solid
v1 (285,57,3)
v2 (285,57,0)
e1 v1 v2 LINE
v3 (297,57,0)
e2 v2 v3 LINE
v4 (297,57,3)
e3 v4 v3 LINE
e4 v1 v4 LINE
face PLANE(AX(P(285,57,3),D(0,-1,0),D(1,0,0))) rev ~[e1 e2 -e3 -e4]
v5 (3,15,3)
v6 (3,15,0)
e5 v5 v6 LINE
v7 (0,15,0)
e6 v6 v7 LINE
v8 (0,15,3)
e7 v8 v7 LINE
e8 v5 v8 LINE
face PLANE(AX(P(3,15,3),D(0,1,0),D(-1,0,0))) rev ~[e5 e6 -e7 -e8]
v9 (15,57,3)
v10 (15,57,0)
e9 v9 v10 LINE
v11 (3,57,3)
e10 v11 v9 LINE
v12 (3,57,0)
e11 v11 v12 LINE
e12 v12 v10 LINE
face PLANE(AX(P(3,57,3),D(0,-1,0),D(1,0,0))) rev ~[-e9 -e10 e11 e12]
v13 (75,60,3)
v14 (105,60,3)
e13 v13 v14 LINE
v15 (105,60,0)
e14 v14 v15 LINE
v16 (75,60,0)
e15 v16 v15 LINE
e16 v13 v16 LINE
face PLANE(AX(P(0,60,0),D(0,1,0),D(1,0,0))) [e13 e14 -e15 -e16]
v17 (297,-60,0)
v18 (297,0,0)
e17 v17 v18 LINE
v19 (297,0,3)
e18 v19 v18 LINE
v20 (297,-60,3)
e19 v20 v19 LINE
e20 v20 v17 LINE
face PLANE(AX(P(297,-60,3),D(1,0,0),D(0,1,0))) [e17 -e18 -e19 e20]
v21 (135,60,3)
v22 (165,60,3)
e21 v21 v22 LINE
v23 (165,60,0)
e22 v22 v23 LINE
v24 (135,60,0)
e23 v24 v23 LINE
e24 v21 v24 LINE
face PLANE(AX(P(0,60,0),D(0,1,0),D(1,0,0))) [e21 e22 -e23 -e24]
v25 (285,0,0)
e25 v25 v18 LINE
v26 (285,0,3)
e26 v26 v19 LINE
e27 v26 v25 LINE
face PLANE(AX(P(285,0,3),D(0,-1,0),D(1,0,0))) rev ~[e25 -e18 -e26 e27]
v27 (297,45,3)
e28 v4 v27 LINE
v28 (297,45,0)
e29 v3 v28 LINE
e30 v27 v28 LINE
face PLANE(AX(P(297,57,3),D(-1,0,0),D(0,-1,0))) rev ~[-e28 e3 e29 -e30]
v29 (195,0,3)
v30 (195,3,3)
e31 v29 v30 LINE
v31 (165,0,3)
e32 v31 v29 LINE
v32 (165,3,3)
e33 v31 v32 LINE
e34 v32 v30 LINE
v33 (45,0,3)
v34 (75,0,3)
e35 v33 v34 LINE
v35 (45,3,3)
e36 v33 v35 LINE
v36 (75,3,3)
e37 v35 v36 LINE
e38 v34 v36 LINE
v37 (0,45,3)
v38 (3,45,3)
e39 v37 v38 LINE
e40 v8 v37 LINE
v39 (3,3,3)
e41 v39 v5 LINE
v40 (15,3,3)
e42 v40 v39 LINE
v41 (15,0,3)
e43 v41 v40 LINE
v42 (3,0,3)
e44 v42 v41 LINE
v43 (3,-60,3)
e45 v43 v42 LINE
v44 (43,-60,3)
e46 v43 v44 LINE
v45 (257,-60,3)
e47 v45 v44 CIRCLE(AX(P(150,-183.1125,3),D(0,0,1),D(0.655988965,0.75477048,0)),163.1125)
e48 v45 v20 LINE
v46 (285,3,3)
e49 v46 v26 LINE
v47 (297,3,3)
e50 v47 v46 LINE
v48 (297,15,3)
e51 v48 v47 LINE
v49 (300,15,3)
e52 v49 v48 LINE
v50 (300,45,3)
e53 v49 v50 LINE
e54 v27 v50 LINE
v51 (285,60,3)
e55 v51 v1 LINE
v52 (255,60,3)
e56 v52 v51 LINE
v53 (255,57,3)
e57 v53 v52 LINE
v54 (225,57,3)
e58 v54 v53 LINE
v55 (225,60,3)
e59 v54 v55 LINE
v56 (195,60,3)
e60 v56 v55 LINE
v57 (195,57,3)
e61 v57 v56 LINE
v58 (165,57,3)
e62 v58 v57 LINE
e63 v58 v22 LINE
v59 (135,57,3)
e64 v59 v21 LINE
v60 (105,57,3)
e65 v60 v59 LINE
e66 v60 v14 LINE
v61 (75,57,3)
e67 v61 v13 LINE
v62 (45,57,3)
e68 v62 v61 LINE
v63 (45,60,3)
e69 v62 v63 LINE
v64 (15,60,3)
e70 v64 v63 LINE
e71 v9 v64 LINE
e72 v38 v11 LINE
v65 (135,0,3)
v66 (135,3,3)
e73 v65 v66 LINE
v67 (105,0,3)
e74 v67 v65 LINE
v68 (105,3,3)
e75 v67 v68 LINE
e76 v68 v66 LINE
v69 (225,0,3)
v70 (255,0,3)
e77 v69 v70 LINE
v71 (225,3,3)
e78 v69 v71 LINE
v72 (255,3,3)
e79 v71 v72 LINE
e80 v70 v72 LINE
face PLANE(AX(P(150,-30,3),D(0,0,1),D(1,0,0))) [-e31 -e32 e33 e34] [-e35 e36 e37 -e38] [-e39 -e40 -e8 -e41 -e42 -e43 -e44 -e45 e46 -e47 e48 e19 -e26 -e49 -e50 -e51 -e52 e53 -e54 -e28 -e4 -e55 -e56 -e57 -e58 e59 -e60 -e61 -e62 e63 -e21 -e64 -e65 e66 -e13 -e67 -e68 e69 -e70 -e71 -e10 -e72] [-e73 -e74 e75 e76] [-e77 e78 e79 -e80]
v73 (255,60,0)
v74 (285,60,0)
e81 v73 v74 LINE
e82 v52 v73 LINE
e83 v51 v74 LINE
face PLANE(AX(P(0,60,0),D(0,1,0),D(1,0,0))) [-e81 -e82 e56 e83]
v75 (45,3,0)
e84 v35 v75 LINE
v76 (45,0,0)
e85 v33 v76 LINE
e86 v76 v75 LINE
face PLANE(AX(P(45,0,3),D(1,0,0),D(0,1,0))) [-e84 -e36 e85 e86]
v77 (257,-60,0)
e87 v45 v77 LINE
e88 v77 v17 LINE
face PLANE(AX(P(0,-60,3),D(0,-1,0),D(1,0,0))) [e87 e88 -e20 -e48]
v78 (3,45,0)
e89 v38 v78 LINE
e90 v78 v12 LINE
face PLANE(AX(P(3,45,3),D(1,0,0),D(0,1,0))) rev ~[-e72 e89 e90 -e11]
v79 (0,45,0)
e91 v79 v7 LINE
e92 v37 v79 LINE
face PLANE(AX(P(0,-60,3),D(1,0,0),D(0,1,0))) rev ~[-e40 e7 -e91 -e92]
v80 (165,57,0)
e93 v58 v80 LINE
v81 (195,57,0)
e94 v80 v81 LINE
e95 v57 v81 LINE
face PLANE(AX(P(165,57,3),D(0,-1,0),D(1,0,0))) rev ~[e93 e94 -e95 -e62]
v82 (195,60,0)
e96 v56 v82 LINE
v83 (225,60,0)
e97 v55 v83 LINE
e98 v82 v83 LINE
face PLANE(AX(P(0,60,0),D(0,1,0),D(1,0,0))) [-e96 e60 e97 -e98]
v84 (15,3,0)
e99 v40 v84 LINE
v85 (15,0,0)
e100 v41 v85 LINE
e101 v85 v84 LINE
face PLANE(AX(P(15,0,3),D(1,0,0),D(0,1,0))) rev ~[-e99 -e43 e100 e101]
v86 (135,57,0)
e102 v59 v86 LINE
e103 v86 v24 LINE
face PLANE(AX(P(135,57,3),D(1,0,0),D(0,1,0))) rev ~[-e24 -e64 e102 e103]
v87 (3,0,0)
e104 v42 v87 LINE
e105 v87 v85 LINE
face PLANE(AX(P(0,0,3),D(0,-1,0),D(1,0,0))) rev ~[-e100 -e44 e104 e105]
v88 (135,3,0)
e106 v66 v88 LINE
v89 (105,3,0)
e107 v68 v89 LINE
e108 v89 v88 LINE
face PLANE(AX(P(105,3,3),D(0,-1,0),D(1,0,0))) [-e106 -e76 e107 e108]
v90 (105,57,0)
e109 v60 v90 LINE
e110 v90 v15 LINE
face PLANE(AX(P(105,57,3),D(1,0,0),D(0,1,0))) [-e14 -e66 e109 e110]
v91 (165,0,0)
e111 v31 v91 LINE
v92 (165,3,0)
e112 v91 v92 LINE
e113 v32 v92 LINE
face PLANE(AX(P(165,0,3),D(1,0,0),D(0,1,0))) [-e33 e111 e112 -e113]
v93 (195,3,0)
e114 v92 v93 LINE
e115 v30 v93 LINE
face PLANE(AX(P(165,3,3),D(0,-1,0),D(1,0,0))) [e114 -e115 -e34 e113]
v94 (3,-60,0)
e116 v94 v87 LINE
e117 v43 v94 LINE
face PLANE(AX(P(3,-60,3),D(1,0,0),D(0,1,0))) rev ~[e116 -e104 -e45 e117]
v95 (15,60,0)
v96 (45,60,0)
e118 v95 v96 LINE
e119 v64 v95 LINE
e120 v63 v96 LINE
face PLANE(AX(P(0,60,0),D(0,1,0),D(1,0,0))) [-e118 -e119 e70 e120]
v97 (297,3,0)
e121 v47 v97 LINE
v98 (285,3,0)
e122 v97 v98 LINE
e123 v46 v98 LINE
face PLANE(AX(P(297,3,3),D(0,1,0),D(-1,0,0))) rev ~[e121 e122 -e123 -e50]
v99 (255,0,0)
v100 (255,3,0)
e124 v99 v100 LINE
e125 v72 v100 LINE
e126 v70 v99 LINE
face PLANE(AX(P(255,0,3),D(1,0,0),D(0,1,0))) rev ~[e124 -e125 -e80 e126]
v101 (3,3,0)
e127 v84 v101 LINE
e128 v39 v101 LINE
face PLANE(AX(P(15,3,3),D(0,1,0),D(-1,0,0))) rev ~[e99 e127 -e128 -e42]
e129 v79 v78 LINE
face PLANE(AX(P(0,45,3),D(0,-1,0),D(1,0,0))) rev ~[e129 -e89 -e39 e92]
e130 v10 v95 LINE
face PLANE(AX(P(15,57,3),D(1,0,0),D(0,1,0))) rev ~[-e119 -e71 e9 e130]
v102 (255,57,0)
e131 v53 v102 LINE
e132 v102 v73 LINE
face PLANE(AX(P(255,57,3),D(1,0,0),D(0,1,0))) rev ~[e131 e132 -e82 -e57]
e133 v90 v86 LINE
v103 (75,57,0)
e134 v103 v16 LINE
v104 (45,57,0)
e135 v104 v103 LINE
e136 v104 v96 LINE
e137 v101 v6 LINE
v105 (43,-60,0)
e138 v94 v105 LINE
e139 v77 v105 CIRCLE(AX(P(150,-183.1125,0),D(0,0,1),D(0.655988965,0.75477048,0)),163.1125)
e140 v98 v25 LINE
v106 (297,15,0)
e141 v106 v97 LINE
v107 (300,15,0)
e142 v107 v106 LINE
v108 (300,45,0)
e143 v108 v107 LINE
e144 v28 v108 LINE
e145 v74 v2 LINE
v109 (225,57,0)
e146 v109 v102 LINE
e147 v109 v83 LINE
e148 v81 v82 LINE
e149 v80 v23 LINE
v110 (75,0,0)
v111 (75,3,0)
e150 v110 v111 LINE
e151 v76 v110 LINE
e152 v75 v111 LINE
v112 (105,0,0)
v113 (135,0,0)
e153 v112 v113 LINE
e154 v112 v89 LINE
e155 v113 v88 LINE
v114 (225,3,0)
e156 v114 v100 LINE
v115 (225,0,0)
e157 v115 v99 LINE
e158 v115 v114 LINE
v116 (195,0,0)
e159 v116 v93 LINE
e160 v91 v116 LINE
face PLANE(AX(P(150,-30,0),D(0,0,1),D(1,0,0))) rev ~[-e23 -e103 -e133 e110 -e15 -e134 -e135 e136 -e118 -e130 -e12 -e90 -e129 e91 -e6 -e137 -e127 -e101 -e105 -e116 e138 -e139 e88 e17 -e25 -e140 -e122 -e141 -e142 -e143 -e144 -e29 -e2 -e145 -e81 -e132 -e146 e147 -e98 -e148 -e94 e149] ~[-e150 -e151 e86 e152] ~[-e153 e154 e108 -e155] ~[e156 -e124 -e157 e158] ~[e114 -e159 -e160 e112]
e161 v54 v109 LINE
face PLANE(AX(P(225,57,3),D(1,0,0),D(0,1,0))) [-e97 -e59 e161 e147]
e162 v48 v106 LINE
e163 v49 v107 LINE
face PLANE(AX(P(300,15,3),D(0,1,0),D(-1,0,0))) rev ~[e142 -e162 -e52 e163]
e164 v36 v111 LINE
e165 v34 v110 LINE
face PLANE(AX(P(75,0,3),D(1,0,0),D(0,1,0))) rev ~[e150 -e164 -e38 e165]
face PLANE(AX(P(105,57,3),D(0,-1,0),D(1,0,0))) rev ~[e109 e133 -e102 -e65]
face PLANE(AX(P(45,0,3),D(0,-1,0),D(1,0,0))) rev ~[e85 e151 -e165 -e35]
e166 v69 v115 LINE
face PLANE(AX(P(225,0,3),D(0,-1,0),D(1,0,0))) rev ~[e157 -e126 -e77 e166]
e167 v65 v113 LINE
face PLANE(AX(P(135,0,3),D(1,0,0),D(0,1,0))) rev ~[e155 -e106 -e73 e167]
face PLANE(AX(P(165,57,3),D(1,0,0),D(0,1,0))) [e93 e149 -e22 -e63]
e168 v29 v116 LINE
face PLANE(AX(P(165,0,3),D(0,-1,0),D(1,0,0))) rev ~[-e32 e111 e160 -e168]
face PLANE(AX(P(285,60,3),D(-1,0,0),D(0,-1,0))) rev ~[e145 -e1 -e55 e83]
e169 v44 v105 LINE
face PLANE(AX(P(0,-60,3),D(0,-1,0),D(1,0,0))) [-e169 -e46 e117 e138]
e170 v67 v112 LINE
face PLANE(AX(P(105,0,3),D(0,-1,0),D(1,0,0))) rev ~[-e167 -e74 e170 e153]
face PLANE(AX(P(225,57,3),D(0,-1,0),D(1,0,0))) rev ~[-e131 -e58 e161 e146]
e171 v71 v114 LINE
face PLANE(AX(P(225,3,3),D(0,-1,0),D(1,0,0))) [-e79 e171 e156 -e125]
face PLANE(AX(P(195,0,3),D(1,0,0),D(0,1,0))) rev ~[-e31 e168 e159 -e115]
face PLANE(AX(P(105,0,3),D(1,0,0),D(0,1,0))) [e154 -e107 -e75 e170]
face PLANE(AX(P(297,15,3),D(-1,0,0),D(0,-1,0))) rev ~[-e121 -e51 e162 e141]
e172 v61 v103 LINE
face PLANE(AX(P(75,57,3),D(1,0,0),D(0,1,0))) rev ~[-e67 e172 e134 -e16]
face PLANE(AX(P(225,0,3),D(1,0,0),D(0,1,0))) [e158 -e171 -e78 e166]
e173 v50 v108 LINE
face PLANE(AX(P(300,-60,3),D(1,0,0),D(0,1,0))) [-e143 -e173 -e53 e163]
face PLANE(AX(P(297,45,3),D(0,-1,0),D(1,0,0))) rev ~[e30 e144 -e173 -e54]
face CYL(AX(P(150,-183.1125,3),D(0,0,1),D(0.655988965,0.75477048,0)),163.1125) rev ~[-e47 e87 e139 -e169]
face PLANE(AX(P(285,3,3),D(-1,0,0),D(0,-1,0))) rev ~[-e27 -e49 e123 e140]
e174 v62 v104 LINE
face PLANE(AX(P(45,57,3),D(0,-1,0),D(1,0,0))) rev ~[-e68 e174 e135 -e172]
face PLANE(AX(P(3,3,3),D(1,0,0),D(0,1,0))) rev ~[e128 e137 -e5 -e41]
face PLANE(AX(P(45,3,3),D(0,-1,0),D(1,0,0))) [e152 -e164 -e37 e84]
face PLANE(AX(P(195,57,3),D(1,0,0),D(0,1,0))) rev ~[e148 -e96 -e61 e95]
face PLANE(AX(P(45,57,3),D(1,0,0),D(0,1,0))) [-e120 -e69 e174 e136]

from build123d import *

# Parameters (mm, degrees)
SKETCH1_W           = 300
SKETCH1_H           = 60
BOSS_EXTRUDE1_DEPTH = 3
SKETCH3_W           = 300
SKETCH3_H           = 60
BOSS_EXTRUDE2_DEPTH = 3
SKETCH2_W           = 30
SKETCH2_H           = 3
CUT_EXTRUDE6_DEPTH  = 5
SKETCH4_W           = 3
SKETCH4_H           = 60
CUT_EXTRUDE7_DEPTH  = 5


with BuildPart() as part:
    # Sketch1 → Boss-Extrude1 (new body)
    with BuildSketch(Plane.XY):
        with Locations((150, 30)):
            Rectangle(SKETCH1_W, SKETCH1_H)
    extrude(amount=BOSS_EXTRUDE1_DEPTH)

    # Sketch3 → Boss-Extrude2 (add)
    with BuildSketch(Plane.XY.offset(3)):
        with Locations((150, -30)):
            Rectangle(SKETCH3_W, SKETCH3_H)
    extrude(amount=-BOSS_EXTRUDE2_DEPTH)

    # Sketch2 → Cut-Extrude6 (cut)
    with BuildSketch(Plane.XY.offset(3)):
        Polygon((15, 0), (15, 3), (3, 3), (3, 15), (0, 15), (0, 0), align=None)
        with Locations((60, 1.5)):
            Rectangle(SKETCH2_W, SKETCH2_H)
        with Locations((120, 1.5)):
            Rectangle(SKETCH2_W, SKETCH2_H)
        with Locations((180, 1.5)):
            Rectangle(SKETCH2_W, SKETCH2_H)
        with Locations((240, 1.5)):
            Rectangle(SKETCH2_W, SKETCH2_H)
        Polygon((300, 0), (300, 15), (297, 15), (297, 3), (285, 3), (285, 0), align=None)
        Polygon((300, 45), (300, 60), (285, 60), (285, 57), (297, 57), (297, 45), align=None)
        with Locations((240, 58.5)):
            Rectangle(SKETCH2_W, SKETCH2_H)
        with Locations((180, 58.5)):
            Rectangle(SKETCH2_W, SKETCH2_H)
        with Locations((120, 58.5)):
            Rectangle(SKETCH2_W, SKETCH2_H)
        with Locations((60, 58.5)):
            Rectangle(SKETCH2_W, SKETCH2_H)
        Polygon((0, 60), (0, 45), (3, 45), (3, 57), (15, 57), (15, 60), align=None)
    extrude(amount=-CUT_EXTRUDE6_DEPTH, mode=Mode.SUBTRACT)

    # Sketch4 → Cut-Extrude7 (cut)
    with BuildSketch(Plane.XY.offset(3)):
        with Locations((1.5, -30)):
            Rectangle(SKETCH4_W, SKETCH4_H)
        with Locations((298.5, -30)):
            Rectangle(SKETCH4_W, SKETCH4_H)
        with BuildLine():
            Line((43, -60), (257, -60))
            ThreePointArc((257, -60), (150, -20), (43, -60))
        make_face()
    extrude(amount=-CUT_EXTRUDE7_DEPTH, mode=Mode.SUBTRACT)


solid = part.part
